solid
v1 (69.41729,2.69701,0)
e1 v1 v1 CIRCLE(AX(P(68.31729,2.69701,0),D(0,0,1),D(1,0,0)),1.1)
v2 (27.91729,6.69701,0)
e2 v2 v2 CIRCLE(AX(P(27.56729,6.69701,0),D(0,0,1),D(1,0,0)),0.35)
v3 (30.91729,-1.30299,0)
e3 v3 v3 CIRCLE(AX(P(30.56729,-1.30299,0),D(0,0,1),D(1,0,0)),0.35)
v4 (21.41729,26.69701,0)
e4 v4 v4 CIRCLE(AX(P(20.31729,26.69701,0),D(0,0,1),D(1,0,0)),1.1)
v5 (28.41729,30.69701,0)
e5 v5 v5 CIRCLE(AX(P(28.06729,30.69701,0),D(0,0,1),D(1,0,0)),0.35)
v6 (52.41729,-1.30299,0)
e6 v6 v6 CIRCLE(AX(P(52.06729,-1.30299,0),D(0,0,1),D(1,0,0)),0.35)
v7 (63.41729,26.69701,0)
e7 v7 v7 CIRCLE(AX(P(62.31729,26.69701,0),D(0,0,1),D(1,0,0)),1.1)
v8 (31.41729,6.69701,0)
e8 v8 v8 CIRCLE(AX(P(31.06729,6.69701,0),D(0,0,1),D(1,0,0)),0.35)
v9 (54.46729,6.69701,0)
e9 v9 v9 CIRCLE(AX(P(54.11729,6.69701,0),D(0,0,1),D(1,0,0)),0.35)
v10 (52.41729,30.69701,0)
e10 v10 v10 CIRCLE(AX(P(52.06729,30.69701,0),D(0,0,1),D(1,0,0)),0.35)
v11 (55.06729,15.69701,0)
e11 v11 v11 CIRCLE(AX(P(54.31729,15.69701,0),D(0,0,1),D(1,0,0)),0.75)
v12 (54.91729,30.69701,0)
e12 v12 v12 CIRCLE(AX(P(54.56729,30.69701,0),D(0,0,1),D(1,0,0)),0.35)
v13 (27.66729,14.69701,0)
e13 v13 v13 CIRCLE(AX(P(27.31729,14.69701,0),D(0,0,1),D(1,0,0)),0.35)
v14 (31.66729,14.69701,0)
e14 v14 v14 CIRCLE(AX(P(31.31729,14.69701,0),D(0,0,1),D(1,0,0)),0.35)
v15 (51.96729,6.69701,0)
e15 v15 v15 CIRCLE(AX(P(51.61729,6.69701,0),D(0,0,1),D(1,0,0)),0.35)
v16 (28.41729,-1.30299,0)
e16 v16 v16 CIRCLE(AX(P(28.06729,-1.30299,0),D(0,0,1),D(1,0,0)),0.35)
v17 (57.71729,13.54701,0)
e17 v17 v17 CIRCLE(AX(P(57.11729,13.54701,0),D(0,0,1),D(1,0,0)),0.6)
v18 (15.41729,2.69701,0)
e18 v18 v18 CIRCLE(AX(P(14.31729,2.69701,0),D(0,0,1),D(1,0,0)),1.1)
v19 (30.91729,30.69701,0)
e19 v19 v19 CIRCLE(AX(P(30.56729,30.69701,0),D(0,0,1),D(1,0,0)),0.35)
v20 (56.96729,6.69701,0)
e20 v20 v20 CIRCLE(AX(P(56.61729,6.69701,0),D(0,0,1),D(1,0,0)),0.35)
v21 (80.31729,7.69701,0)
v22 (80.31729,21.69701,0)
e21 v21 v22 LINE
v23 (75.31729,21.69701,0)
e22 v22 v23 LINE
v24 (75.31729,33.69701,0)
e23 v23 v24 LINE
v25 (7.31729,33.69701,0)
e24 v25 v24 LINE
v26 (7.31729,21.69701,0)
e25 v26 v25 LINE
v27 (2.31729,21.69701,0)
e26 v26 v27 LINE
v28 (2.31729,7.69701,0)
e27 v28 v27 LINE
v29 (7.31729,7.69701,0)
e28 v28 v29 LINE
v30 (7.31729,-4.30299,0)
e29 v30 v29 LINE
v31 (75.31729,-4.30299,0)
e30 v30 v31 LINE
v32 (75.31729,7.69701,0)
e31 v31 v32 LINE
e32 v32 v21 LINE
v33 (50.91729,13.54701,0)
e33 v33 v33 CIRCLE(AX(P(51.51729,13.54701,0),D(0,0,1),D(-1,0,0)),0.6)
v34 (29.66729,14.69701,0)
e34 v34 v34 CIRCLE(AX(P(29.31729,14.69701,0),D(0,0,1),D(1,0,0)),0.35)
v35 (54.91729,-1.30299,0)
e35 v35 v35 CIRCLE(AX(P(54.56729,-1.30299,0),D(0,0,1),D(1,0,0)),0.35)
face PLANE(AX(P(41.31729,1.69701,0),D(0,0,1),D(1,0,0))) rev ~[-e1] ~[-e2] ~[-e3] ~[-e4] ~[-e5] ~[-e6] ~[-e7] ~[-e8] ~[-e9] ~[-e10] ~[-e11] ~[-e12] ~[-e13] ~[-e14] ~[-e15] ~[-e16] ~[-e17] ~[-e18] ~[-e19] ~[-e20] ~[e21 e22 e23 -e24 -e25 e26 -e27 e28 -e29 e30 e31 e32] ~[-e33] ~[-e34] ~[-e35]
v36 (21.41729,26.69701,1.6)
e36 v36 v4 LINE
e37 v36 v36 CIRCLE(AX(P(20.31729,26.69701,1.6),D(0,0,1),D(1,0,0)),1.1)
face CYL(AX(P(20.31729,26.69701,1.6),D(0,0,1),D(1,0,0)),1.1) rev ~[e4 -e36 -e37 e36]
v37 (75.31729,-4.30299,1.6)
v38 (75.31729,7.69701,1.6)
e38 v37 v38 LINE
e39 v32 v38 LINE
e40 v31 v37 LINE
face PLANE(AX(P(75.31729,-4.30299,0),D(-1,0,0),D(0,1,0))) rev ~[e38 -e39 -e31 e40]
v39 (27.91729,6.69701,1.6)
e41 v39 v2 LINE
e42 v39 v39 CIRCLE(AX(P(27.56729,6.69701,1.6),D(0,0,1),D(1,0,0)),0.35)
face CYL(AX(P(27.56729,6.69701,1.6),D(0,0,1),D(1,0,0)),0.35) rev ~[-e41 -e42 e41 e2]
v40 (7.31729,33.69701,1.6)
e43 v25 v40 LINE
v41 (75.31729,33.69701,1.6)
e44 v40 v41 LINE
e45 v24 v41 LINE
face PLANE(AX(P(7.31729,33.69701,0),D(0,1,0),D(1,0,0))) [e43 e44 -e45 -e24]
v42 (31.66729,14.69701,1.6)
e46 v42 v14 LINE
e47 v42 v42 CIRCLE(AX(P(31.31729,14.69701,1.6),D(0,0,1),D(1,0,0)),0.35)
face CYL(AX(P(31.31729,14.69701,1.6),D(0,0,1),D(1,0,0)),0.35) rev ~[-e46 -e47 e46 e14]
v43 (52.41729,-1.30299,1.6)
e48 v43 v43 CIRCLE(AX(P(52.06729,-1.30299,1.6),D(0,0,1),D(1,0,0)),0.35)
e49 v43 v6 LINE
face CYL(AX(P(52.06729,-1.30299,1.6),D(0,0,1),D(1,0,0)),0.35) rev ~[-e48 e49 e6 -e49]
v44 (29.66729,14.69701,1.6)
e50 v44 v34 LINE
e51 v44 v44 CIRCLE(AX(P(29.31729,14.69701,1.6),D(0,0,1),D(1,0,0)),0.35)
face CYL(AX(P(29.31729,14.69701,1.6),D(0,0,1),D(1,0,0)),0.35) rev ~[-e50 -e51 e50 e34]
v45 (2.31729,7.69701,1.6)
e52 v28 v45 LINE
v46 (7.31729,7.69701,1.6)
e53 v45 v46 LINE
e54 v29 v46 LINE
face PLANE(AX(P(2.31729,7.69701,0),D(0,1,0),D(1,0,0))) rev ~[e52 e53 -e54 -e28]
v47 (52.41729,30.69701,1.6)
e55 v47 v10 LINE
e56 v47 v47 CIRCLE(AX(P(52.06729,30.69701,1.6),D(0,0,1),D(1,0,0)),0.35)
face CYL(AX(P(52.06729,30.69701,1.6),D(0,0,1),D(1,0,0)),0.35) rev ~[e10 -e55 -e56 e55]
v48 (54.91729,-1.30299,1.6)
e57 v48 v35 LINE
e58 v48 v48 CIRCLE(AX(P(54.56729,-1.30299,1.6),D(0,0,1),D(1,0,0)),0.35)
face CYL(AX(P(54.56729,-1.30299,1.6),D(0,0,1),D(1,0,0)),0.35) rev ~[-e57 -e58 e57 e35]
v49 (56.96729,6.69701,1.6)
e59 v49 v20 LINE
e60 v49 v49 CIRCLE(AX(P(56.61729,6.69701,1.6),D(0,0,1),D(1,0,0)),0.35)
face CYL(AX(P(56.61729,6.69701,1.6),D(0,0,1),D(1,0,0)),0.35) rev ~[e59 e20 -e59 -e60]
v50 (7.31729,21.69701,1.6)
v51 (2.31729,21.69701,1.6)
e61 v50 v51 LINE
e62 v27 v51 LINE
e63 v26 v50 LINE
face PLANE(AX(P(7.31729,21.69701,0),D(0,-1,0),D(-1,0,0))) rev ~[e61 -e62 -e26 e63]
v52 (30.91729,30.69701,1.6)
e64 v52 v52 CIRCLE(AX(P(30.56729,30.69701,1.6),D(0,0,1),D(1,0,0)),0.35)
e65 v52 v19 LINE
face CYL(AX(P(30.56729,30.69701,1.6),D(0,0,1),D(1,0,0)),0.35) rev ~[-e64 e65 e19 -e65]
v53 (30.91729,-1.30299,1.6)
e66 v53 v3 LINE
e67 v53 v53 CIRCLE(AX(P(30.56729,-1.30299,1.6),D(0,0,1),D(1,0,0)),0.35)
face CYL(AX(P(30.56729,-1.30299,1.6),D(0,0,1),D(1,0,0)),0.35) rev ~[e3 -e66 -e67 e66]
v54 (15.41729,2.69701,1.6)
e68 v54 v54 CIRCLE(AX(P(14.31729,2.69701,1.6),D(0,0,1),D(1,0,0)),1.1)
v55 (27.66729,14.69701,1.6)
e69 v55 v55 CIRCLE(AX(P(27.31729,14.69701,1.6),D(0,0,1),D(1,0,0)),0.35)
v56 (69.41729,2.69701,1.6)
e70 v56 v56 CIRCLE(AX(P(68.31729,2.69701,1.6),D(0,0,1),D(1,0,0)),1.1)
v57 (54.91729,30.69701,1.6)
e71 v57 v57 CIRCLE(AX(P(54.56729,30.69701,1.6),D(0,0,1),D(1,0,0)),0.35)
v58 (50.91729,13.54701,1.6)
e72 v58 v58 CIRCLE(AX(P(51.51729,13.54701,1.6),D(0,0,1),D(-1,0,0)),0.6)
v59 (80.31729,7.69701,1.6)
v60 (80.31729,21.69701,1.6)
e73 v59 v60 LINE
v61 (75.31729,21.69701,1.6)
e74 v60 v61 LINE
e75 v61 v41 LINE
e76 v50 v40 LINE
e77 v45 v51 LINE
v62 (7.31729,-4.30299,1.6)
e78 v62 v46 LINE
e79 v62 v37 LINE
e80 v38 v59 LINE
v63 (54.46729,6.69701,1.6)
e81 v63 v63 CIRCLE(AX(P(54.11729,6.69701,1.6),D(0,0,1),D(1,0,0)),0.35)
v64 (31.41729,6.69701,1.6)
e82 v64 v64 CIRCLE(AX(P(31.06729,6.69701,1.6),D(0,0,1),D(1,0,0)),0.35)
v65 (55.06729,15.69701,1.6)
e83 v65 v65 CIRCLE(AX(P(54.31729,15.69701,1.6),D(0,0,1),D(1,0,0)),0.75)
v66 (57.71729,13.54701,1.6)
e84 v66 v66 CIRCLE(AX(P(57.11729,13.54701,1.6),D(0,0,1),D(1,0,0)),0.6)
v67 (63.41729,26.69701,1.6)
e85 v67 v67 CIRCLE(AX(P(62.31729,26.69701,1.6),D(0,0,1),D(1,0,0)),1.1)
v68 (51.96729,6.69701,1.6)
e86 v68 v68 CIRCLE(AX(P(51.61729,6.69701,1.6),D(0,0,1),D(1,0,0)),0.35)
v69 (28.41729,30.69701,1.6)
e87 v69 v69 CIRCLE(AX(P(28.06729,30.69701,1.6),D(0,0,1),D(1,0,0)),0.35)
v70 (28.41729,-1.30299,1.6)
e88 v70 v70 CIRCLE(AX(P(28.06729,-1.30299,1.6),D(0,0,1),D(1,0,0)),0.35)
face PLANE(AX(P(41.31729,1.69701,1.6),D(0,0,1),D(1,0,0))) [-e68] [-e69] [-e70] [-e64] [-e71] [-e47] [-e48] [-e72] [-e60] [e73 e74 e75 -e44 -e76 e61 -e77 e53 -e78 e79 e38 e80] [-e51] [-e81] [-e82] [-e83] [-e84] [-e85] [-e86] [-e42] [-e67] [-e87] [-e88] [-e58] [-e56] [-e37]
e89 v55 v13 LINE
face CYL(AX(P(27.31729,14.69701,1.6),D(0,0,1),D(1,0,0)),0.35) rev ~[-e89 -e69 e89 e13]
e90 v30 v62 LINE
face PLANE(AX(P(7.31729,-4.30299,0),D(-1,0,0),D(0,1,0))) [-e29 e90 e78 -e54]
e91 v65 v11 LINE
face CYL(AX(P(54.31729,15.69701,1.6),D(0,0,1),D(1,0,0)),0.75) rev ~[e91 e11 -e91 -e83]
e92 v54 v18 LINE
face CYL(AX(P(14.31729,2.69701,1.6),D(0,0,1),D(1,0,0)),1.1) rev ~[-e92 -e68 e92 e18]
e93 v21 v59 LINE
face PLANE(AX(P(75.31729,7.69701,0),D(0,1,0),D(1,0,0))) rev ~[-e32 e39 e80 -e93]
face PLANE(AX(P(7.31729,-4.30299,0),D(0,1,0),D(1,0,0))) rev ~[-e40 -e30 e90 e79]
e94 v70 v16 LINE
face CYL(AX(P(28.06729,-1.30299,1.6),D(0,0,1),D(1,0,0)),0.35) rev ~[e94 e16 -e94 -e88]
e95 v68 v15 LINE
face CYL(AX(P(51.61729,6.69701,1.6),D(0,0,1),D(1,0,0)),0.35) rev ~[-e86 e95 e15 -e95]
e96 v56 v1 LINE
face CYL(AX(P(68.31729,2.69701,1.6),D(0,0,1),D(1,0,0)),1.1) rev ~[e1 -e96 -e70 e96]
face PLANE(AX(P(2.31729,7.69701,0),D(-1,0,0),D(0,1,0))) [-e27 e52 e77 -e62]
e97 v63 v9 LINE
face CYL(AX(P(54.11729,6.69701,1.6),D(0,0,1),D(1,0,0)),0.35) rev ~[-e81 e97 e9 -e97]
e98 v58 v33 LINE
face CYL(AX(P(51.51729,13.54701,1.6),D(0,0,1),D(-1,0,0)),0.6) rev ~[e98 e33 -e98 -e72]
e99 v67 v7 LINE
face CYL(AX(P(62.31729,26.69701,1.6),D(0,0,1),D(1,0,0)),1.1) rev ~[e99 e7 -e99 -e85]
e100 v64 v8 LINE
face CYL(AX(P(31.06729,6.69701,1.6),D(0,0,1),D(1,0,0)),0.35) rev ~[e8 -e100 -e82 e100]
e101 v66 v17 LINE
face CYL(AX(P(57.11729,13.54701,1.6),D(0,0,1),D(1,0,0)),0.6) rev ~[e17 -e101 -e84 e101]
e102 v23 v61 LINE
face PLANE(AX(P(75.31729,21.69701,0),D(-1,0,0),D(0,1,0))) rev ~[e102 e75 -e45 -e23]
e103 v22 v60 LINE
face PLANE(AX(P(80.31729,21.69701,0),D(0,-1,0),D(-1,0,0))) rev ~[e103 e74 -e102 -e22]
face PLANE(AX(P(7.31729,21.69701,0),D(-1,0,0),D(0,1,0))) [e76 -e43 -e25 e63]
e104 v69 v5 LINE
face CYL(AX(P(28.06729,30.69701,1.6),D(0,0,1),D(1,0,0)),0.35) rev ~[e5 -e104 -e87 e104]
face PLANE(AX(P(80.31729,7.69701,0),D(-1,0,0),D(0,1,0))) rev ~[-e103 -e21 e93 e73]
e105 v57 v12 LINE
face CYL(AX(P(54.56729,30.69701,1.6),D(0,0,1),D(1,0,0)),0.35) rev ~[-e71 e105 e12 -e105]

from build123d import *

# Parameters (mm, degrees)
F0_W     = 68
F0_H     = 12
F0_W_2   = 5
F0_H_2   = 14
F1_DEPTH = 1.6
F4_R     = 0.35
F5_R     = 0.35
F6_R     = 0.35
F2_R     = 0.35
F7_DEPTH = 4
F8_R     = 1.1
F9_DEPTH = 25


with BuildPart() as f1:
    # F0 (on Top) → F1 (new body)
    with BuildSketch(Plane.XY):
        with Locations((41.3172904253, 1.6970097786)):
            Rectangle(F0_W, F0_H)
        with Locations((4.8172904253, 14.6970097786)):
            Rectangle(F0_W_2, F0_H_2)
        with Locations((41.3172904253, 14.6970097786)):
            Rectangle(F0_W, F0_H_2)
        with Locations((77.8172904253, 14.6970097786)):
            Rectangle(F0_W_2, F0_H_2)
        with Locations((41.3172904253, 27.6970097786)):
            Rectangle(F0_W, F0_H)
    extrude(amount=F1_DEPTH)

    # F4 (on face) + F5 (on face) + F6 (on face) + F3 (on face) + F2 (on face) → F7 (cut)
    with BuildSketch(Plane.XY.offset(1.6)):
        with Locations((51.6172904253, 6.6970097786)):
            Circle(F4_R)
        with Locations((56.6172904253, 6.6970097786)):
            Circle(F4_R)
        with Locations((54.1172904253, 6.6970097786)):
            Circle(F4_R)
    with BuildSketch(Plane.XY.offset(1.6)):
        with Locations((28.0672904253, -1.3029902214)):
            Circle(F5_R)
        with Locations((30.5672904253, -1.3029902214)):
            Circle(F5_R)
        with Locations((52.0672904253, -1.3029902214)):
            Circle(F5_R)
        with Locations((54.5672904253, -1.3029902214)):
            Circle(F5_R)
        with Locations((54.5672904253, 30.6970097786)):
            Circle(F5_R)
        with Locations((52.0672904253, 30.6970097786)):
            Circle(F5_R)
        with Locations((30.5672904253, 30.6970097786)):
            Circle(F5_R)
        with Locations((28.0672904253, 30.6970097786)):
            Circle(F5_R)
    with BuildSketch(Plane.XY.offset(1.6)):
        with Locations((27.5672904253, 6.6970097786)):
            Circle(F6_R)
        with Locations((31.0672904253, 6.6970097786)):
            Circle(F6_R)
    with BuildSketch(Plane.XY.offset(1.6)):
        with BuildLine():
            Line((54.8172904253, 15.4470097786), (53.8172904253, 15.4470097786))
            ThreePointArc((53.8172904253, 15.4470097786), (53.640513733, 15.5202330803), (53.5672904253, 15.6970097701))
            ThreePointArc((53.5672904253, 15.6970097701), (54.3172904296, 14.9470097786), (55.0672904253, 15.6970097786))
            ThreePointArc((55.0672904253, 15.6970097786), (54.9940671206, 15.5202330833), (54.8172904253, 15.4470097786))
        make_face()
        with BuildLine():
            ThreePointArc((53.5672904253, 15.6970097701), (53.640513733, 15.5202330803), (53.8172904253, 15.4470097786))
            Line((53.8172904253, 15.4470097786), (54.8172904253, 15.4470097786))
            ThreePointArc((54.8172904253, 15.4470097786), (54.9940671206, 15.5202330833), (55.0672904253, 15.6970097786))
            ThreePointArc((55.0672904253, 15.6970097786), (54.9940671206, 15.8737864739), (54.8172904253, 15.9470097786))
            Line((54.8172904253, 15.9470097786), (53.8172904253, 15.9470097786))
            ThreePointArc((53.8172904253, 15.9470097786), (53.640513727, 15.8737864709), (53.5672904253, 15.6970097701))
        make_face()
        with BuildLine():
            ThreePointArc((55.0672904253, 15.6970097786), (54.317290421, 16.4470097786), (53.5672904253, 15.6970097701))
            ThreePointArc((53.5672904253, 15.6970097701), (53.640513727, 15.8737864709), (53.8172904253, 15.9470097786))
            Line((53.8172904253, 15.9470097786), (54.8172904253, 15.9470097786))
            ThreePointArc((54.8172904253, 15.9470097786), (54.9940671206, 15.8737864739), (55.0672904253, 15.6970097786))
        make_face()
        with BuildLine():
            Line((51.1672904253, 13.7970097786), (51.8672904253, 13.7970097786))
            ThreePointArc((51.8672904253, 13.7970097786), (52.0440671206, 13.7237864739), (52.1172904253, 13.5470097786))
            ThreePointArc((52.1172904253, 13.5470097786), (51.5172904253, 14.1470097786), (50.9172904253, 13.5470097786))
            ThreePointArc((50.9172904253, 13.5470097786), (50.99051373, 13.7237864739), (51.1672904253, 13.7970097786))
        make_face()
        with BuildLine():
            ThreePointArc((52.1172904253, 13.5470097786), (52.0440671206, 13.7237864739), (51.8672904253, 13.7970097786))
            Line((51.8672904253, 13.7970097786), (51.1672904253, 13.7970097786))
            ThreePointArc((51.1672904253, 13.7970097786), (50.99051373, 13.7237864739), (50.9172904253, 13.5470097786))
            ThreePointArc((50.9172904253, 13.5470097786), (50.99051373, 13.3702330833), (51.1672904253, 13.2970097786))
            Line((51.1672904253, 13.2970097786), (51.8672904253, 13.2970097786))
            ThreePointArc((51.8672904253, 13.2970097786), (52.0440671206, 13.3702330833), (52.1172904253, 13.5470097786))
        make_face()
        with BuildLine():
            ThreePointArc((50.9172904253, 13.5470097786), (51.5172904253, 12.9470097786), (52.1172904253, 13.5470097786))
            ThreePointArc((52.1172904253, 13.5470097786), (52.0440671206, 13.3702330833), (51.8672904253, 13.2970097786))
            Line((51.8672904253, 13.2970097786), (51.1672904253, 13.2970097786))
            ThreePointArc((51.1672904253, 13.2970097786), (50.99051373, 13.3702330833), (50.9172904253, 13.5470097786))
        make_face()
        with BuildLine():
            Line((56.7672904253, 13.2970097786), (57.4672904253, 13.2970097786))
            ThreePointArc((57.4672904253, 13.2970097786), (57.6440671206, 13.3702330833), (57.7172904253, 13.5470097786))
            ThreePointArc((57.7172904253, 13.5470097786), (57.6440671206, 13.7237864739), (57.4672904253, 13.7970097786))
            Line((57.4672904253, 13.7970097786), (56.7672904253, 13.7970097786))
            ThreePointArc((56.7672904253, 13.7970097786), (56.59051373, 13.7237864739), (56.5172904253, 13.5470097786))
            ThreePointArc((56.5172904253, 13.5470097786), (56.59051373, 13.3702330833), (56.7672904253, 13.2970097786))
        make_face()
        with BuildLine():
            ThreePointArc((57.7172904253, 13.5470097786), (57.6440671206, 13.3702330833), (57.4672904253, 13.2970097786))
            Line((57.4672904253, 13.2970097786), (56.7672904253, 13.2970097786))
            ThreePointArc((56.7672904253, 13.2970097786), (56.59051373, 13.3702330833), (56.5172904253, 13.5470097786))
            ThreePointArc((56.5172904253, 13.5470097786), (57.1172904253, 12.9470097786), (57.7172904253, 13.5470097786))
        make_face()
        with BuildLine():
            ThreePointArc((57.4672904253, 13.7970097786), (57.6440671206, 13.7237864739), (57.7172904253, 13.5470097786))
            ThreePointArc((57.7172904253, 13.5470097786), (57.1172904253, 14.1470097786), (56.5172904253, 13.5470097786))
            ThreePointArc((56.5172904253, 13.5470097786), (56.59051373, 13.7237864739), (56.7672904253, 13.7970097786))
            Line((56.7672904253, 13.7970097786), (57.4672904253, 13.7970097786))
        make_face()
    with BuildSketch(Plane.XY.offset(1.6)):
        with Locations((27.3172904253, 14.6970097786)):
            Circle(F2_R)
        with Locations((29.3172904253, 14.6970097786)):
            Circle(F2_R)
        with Locations((31.3172904253, 14.6970097786)):
            Circle(F2_R)
    extrude(amount=-F7_DEPTH, mode=Mode.SUBTRACT)

    # F8 (on face) → F9 (cut)
    with BuildSketch(Plane.XY.offset(1.6)):
        with Locations((62.3172904253, 26.6970097786)):
            Circle(F8_R)
        with Locations((20.3172904253, 26.6970097786)):
            Circle(F8_R)
        with Locations((68.3172904253, 2.6970097786)):
            Circle(F8_R)
        with Locations((14.3172904253, 2.6970097786)):
            Circle(F8_R)
    extrude(amount=-F9_DEPTH, mode=Mode.SUBTRACT)


solid = f1.part
